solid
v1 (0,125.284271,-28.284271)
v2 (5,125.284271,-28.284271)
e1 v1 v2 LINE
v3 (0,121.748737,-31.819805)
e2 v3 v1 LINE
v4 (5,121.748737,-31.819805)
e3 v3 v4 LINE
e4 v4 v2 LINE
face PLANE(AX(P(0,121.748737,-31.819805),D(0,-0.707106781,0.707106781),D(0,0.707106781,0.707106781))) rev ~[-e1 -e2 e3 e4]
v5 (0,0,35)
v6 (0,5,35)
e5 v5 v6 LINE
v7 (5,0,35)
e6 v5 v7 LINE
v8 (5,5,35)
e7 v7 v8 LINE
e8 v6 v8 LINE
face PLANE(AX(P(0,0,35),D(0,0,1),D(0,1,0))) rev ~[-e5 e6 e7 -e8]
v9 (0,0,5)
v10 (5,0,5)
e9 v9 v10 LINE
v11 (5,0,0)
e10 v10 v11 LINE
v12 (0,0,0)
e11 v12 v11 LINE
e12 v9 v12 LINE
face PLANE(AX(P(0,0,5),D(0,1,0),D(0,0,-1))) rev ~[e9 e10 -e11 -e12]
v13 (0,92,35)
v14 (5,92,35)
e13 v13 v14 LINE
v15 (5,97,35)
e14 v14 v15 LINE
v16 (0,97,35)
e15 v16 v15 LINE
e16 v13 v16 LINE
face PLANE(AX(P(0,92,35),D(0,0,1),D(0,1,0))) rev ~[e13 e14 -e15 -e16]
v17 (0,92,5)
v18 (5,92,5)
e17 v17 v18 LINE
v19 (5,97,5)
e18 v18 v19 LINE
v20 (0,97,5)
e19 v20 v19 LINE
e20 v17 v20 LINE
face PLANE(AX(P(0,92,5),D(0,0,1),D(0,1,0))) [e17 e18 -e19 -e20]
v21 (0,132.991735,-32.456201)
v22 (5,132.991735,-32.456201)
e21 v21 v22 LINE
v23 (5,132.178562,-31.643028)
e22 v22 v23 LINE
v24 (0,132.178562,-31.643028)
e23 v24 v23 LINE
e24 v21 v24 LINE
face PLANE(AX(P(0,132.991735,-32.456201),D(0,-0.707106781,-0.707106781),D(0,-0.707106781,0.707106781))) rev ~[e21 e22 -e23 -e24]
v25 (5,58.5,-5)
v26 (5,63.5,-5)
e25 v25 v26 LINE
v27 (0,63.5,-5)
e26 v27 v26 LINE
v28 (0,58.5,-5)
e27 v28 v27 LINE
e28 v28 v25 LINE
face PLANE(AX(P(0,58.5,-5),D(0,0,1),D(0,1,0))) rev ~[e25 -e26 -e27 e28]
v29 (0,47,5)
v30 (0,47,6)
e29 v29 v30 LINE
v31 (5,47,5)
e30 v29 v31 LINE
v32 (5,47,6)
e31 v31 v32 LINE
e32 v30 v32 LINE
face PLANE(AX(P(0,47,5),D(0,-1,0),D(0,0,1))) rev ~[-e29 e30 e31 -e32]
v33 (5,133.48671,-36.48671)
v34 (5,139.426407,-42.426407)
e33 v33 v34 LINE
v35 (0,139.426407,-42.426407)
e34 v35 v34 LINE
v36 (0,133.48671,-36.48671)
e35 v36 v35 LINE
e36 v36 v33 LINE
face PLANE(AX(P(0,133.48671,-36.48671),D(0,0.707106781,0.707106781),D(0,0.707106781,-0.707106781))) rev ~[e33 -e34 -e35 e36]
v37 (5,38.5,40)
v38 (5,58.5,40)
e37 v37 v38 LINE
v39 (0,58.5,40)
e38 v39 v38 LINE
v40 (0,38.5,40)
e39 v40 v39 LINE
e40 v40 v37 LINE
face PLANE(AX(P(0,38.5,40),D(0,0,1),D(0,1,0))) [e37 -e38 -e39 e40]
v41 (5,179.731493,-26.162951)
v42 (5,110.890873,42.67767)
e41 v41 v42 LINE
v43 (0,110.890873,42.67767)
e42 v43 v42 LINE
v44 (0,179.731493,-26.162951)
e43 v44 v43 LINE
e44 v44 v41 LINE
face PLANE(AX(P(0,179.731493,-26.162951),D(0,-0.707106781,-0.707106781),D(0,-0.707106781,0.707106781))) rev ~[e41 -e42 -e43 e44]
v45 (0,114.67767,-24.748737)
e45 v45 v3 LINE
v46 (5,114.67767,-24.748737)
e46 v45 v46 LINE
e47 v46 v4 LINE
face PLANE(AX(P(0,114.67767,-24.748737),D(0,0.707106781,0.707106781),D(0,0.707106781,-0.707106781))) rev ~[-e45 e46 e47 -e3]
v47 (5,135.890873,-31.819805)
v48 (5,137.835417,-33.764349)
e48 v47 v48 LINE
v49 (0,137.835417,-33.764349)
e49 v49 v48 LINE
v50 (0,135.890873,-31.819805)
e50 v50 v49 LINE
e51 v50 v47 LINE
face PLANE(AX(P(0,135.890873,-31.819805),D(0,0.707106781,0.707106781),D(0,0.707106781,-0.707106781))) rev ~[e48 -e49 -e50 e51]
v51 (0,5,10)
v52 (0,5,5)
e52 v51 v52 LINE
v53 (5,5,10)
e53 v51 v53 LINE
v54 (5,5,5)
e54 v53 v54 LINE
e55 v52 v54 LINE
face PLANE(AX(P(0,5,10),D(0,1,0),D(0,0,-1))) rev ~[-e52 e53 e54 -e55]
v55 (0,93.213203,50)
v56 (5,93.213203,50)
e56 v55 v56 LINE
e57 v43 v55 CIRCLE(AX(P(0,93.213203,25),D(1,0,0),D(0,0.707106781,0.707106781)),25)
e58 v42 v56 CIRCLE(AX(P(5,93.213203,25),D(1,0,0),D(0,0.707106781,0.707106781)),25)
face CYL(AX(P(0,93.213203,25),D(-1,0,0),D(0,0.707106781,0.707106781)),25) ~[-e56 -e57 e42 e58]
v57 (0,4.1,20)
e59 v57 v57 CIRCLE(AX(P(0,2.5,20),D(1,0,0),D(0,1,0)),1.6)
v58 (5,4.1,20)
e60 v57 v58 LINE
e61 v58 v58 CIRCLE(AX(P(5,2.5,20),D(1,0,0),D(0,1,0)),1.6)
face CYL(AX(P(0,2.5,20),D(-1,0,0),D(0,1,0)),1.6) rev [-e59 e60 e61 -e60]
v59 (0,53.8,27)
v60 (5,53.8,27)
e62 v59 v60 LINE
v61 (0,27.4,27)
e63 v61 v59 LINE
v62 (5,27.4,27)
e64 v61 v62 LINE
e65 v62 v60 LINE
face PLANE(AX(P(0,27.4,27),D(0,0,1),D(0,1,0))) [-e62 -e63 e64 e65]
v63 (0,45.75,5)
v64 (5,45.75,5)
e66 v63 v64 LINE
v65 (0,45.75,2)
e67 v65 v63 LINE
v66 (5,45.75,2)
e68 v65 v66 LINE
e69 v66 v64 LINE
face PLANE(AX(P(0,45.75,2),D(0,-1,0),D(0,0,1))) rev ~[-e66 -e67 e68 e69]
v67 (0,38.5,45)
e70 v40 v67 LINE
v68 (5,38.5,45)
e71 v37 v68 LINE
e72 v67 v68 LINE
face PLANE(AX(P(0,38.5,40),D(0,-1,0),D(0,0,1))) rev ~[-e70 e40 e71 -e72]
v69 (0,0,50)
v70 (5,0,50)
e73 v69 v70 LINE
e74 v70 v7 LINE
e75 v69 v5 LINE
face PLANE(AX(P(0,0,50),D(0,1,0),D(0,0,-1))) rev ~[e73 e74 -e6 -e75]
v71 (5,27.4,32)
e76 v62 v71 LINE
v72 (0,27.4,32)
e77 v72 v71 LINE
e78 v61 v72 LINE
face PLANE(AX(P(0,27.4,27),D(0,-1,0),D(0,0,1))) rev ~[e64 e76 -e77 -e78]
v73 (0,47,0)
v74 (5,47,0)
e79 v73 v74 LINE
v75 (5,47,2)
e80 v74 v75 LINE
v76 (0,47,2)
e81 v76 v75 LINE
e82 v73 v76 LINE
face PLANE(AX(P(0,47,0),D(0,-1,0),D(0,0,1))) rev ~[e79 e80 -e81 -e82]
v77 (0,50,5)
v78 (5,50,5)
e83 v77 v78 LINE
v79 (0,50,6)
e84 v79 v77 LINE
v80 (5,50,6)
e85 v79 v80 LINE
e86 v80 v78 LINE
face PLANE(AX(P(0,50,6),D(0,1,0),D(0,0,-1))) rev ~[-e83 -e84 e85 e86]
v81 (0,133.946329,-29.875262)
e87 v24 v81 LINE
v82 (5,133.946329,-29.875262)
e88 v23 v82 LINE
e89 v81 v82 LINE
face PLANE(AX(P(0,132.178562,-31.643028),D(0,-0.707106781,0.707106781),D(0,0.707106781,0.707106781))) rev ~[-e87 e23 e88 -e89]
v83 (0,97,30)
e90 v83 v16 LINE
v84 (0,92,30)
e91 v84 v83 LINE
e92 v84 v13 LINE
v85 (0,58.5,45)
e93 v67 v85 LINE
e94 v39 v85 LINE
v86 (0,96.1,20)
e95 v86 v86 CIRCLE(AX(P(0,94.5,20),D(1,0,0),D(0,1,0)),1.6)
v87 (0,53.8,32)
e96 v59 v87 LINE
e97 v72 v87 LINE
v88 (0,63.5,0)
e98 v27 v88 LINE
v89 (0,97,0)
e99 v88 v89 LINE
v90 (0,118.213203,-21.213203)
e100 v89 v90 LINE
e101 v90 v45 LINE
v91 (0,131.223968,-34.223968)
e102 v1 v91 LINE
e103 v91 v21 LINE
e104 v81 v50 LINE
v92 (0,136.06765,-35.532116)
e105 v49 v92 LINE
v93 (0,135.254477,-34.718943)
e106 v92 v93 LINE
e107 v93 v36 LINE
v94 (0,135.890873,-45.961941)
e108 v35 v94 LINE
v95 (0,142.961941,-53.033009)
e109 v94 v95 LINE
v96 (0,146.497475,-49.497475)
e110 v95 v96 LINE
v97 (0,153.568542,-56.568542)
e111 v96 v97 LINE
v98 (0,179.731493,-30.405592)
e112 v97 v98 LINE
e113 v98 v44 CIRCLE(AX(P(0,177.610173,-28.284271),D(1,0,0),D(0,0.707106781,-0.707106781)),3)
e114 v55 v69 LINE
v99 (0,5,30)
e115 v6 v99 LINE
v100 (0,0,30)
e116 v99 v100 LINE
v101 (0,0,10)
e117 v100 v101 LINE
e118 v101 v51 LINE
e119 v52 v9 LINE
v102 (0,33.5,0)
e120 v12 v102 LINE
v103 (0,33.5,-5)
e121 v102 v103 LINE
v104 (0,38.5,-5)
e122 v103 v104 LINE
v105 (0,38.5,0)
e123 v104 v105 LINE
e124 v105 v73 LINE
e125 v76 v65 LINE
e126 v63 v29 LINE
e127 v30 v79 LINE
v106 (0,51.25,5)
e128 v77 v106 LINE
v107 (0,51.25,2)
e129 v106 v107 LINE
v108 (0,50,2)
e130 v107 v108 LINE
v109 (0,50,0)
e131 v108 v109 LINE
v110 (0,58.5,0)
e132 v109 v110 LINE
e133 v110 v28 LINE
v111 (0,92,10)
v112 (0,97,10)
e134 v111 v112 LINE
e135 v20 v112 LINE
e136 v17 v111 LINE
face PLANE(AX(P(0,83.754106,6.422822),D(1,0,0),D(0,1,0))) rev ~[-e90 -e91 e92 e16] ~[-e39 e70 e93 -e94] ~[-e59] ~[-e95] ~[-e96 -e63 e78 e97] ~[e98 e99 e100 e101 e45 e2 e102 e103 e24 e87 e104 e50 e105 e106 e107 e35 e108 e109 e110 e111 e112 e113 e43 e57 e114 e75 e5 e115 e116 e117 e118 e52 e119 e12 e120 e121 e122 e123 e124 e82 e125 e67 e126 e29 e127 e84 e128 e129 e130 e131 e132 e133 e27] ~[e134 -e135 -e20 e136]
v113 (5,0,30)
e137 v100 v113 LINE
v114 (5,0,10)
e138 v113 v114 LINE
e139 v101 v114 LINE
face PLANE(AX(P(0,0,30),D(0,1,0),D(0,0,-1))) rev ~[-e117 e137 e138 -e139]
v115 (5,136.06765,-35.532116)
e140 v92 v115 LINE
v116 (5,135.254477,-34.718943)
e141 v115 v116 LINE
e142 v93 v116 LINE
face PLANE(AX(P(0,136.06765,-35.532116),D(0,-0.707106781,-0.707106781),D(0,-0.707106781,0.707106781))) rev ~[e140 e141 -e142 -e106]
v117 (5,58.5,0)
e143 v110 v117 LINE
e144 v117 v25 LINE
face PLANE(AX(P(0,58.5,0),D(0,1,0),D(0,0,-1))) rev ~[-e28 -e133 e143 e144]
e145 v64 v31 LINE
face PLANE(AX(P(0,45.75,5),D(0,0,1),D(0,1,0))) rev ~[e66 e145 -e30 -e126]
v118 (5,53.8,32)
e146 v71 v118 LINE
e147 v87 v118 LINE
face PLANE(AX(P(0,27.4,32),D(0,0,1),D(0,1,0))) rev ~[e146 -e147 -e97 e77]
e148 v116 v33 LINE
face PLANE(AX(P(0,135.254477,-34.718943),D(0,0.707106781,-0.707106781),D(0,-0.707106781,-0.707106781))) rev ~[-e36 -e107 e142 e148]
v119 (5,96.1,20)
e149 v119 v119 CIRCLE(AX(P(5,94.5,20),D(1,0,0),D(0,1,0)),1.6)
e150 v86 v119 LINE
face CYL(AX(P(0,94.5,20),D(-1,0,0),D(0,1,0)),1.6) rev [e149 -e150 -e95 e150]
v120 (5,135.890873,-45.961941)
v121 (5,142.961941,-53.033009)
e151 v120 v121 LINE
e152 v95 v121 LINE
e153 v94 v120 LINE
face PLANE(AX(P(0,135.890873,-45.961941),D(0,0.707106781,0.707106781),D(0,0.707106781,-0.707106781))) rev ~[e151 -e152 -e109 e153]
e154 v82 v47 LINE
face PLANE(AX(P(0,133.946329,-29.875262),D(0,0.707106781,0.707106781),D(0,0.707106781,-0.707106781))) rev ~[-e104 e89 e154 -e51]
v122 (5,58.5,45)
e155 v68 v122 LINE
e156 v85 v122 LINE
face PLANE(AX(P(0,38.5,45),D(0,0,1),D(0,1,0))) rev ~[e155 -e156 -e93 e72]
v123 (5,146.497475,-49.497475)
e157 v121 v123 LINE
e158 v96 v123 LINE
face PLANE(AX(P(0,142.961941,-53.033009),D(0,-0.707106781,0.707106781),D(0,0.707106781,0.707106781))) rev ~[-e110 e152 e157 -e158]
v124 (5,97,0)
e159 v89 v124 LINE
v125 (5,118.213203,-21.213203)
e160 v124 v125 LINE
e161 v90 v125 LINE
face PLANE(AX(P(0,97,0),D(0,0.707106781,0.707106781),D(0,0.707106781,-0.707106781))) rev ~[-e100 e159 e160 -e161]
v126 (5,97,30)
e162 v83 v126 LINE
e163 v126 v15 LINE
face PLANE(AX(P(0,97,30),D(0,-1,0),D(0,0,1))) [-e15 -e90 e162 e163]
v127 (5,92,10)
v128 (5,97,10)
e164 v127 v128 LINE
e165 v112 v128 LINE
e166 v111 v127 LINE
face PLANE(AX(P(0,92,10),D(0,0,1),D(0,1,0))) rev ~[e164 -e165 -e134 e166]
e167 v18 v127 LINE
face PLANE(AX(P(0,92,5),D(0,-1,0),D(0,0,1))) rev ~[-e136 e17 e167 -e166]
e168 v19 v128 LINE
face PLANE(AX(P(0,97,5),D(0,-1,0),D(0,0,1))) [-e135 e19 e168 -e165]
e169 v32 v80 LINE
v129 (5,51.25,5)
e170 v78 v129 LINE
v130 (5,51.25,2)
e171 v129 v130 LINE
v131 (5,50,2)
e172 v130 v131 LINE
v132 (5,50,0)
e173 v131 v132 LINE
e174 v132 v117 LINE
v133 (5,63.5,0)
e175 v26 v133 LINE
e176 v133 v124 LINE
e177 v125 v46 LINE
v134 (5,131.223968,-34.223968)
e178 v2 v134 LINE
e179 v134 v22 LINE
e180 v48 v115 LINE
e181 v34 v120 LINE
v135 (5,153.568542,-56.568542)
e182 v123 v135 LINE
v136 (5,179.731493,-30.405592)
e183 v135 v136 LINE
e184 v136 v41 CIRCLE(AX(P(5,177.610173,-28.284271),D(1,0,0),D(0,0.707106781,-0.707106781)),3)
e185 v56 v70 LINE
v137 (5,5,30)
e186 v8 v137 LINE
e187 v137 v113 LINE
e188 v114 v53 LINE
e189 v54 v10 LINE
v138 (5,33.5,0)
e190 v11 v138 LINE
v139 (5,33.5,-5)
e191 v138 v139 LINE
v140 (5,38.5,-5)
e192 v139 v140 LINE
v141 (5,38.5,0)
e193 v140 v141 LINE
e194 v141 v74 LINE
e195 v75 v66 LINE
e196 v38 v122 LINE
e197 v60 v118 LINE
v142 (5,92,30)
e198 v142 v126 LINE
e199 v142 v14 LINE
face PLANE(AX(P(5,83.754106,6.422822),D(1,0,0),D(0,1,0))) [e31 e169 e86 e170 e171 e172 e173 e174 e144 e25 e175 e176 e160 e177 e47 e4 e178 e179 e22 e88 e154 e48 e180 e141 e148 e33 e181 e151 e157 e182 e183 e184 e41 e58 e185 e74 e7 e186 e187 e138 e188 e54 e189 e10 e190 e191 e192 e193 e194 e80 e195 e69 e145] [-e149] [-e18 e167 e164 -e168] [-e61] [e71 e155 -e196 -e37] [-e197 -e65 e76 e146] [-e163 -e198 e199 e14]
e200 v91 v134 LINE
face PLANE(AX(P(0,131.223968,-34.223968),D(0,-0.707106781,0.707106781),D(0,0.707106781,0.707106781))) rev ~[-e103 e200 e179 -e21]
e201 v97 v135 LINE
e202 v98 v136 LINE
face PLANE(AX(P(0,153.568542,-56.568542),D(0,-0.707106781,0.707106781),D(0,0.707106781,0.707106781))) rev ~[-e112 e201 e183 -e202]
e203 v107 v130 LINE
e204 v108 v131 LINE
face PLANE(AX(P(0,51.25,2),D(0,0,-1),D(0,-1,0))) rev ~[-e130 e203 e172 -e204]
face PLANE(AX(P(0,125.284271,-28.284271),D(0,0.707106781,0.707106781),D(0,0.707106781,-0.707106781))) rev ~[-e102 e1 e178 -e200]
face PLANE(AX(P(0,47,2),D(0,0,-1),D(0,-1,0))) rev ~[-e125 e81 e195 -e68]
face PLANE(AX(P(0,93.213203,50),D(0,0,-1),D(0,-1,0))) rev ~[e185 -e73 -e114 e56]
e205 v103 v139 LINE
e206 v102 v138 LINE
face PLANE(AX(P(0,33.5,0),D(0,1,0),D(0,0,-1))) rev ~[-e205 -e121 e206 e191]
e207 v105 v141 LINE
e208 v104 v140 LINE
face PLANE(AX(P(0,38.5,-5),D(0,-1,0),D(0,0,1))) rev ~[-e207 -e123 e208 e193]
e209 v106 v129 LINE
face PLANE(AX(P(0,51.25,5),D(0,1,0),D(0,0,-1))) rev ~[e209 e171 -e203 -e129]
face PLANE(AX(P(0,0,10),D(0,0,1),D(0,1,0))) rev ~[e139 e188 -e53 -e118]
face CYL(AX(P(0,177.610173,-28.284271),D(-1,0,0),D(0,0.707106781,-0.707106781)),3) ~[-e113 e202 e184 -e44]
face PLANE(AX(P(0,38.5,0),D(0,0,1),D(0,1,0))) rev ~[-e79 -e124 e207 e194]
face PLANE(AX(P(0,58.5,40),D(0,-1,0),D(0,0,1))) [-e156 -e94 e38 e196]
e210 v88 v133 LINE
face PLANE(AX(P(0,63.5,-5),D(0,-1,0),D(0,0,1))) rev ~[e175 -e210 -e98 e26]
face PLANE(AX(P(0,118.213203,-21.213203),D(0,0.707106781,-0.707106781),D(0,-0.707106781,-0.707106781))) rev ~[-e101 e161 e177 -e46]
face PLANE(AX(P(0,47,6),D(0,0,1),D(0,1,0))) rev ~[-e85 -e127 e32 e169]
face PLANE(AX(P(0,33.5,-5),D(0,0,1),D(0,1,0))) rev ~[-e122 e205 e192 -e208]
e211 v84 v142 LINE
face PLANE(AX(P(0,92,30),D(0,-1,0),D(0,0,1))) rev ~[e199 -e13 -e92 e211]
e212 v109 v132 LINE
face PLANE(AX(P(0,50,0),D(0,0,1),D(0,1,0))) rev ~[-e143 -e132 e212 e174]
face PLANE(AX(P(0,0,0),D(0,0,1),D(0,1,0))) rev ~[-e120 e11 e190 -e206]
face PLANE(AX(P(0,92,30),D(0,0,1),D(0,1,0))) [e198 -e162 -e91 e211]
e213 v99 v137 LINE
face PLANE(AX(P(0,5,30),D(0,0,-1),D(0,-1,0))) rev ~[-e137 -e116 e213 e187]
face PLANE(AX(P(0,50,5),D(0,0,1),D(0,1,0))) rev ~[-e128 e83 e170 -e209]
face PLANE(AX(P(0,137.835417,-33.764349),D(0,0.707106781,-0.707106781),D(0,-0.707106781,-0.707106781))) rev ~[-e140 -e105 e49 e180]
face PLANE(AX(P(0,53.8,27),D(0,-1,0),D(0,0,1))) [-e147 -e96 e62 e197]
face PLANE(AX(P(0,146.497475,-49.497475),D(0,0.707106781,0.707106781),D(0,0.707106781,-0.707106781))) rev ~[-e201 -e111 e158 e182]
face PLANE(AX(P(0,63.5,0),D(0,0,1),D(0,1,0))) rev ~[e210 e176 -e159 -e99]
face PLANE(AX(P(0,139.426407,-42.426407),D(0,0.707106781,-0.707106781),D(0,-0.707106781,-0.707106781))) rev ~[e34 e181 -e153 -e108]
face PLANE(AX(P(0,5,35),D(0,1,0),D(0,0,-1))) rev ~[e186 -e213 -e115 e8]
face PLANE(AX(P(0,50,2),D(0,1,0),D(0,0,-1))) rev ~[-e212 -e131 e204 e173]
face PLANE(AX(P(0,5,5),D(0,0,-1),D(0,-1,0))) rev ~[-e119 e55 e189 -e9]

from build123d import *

# Parameters (mm, degrees)
F1_R     = 1.6
F1_W     = 26.4
F1_H     = 5
F1_W_2   = 20
F1_W_3   = 5
F2_DEPTH = 5


with BuildPart() as f2:
    # F1 (on Right) → F2 (new body)
    with BuildSketch(Plane.YZ):
        with BuildLine():
            Line((0, 5), (0, 0))
            Line((0, 0), (33.5, 0))
            Line((33.5, 0), (33.5, -5))
            Line((33.5, -5), (38.5, -5))
            Line((38.5, -5), (38.5, 0))
            Line((38.5, 0), (47, 0))
            Line((47, 0), (47, 2))
            Line((47, 2), (45.75, 2))
            Line((45.75, 2), (45.75, 5))
            Line((45.75, 5), (47, 5))
            Line((47, 5), (47, 6))
            Line((47, 6), (50, 6))
            Line((50, 6), (50, 5))
            Line((50, 5), (51.25, 5))
            Line((51.25, 5), (51.25, 2))
            Line((51.25, 2), (50, 2))
            Line((50, 2), (50, 0))
            Line((50, 0), (58.5, 0))
            Line((58.5, 0), (58.5, -5))
            Line((58.5, -5), (63.5, -5))
            Line((63.5, -5), (63.5, 0))
            Line((63.5, 0), (97, 0))
            Line((97, 0), (118.2132034356, -21.2132034356))
            Line((118.2132034356, -21.2132034356), (125.2842712475, -28.2842712475))
            Line((125.2842712475, -28.2842712475), (131.2239682094, -34.2239682094))
            Line((131.2239682094, -34.2239682094), (132.9917351624, -32.4562012565))
            Line((132.9917351624, -32.4562012565), (132.178562364, -31.6430284581))
            Line((132.178562364, -31.6430284581), (133.946329317, -29.8752615051))
            Line((133.946329317, -29.8752615051), (135.8908729653, -31.8198051534))
            Line((135.8908729653, -31.8198051534), (137.8354166135, -33.7643488017))
            Line((137.8354166135, -33.7643488017), (136.0676496606, -35.5321157546))
            Line((136.0676496606, -35.5321157546), (135.2544768622, -34.7189429563))
            Line((135.2544768622, -34.7189429563), (133.4867099092, -36.4867099092))
            Line((133.4867099092, -36.4867099092), (139.4264068712, -42.4264068712))
            Line((139.4264068712, -42.4264068712), (146.4974746831, -49.4974746831))
            Line((146.4974746831, -49.4974746831), (153.5685424949, -56.5685424949))
            Line((153.5685424949, -56.5685424949), (179.7314933988, -30.405591591))
            ThreePointArc((179.7314933988, -30.405591591), (180.6101730553, -28.2842712475), (179.7314933988, -26.1629509039))
            Line((179.7314933988, -26.1629509039), (110.8908729653, 42.6776695297))
            ThreePointArc((110.8908729653, 42.6776695297), (102.7802892447, 48.0969883128), (93.2132034356, 50))
            Line((93.2132034356, 50), (0, 50))
            Line((0, 50), (0, 35))
            Line((0, 35), (5, 35))
            Line((5, 35), (5, 30))
            Line((5, 30), (0, 30))
            Line((0, 30), (0, 10))
            Line((0, 10), (5, 10))
            Line((5, 10), (5, 5))
            Line((5, 5), (0, 5))
        make_face()
        with Locations((2.5, 20)):
            Circle(F1_R, mode=Mode.SUBTRACT)
        with Locations((40.6, 29.5)):
            Rectangle(F1_W, F1_H, mode=Mode.SUBTRACT)
        with Locations((48.5, 42.5)):
            Rectangle(F1_W_2, F1_H, mode=Mode.SUBTRACT)
        with Locations((94.5, 7.5)):
            Rectangle(F1_W_3, F1_H, mode=Mode.SUBTRACT)
        with Locations((94.5, 20)):
            Circle(F1_R, mode=Mode.SUBTRACT)
        with Locations((94.5, 32.5)):
            Rectangle(F1_W_3, F1_H, mode=Mode.SUBTRACT)
        Polygon((142.9619407771, -53.033008589), (146.4974746831, -49.4974746831), (139.4264068712, -42.4264068712), (135.8908729653, -45.9619407771), align=None)
        Polygon((125.2842712475, -28.2842712475), (118.2132034356, -21.2132034356), (114.6776695297, -24.7487373415), (121.7487373415, -31.8198051534), align=None)
    extrude(amount=F2_DEPTH)


solid = f2.part
